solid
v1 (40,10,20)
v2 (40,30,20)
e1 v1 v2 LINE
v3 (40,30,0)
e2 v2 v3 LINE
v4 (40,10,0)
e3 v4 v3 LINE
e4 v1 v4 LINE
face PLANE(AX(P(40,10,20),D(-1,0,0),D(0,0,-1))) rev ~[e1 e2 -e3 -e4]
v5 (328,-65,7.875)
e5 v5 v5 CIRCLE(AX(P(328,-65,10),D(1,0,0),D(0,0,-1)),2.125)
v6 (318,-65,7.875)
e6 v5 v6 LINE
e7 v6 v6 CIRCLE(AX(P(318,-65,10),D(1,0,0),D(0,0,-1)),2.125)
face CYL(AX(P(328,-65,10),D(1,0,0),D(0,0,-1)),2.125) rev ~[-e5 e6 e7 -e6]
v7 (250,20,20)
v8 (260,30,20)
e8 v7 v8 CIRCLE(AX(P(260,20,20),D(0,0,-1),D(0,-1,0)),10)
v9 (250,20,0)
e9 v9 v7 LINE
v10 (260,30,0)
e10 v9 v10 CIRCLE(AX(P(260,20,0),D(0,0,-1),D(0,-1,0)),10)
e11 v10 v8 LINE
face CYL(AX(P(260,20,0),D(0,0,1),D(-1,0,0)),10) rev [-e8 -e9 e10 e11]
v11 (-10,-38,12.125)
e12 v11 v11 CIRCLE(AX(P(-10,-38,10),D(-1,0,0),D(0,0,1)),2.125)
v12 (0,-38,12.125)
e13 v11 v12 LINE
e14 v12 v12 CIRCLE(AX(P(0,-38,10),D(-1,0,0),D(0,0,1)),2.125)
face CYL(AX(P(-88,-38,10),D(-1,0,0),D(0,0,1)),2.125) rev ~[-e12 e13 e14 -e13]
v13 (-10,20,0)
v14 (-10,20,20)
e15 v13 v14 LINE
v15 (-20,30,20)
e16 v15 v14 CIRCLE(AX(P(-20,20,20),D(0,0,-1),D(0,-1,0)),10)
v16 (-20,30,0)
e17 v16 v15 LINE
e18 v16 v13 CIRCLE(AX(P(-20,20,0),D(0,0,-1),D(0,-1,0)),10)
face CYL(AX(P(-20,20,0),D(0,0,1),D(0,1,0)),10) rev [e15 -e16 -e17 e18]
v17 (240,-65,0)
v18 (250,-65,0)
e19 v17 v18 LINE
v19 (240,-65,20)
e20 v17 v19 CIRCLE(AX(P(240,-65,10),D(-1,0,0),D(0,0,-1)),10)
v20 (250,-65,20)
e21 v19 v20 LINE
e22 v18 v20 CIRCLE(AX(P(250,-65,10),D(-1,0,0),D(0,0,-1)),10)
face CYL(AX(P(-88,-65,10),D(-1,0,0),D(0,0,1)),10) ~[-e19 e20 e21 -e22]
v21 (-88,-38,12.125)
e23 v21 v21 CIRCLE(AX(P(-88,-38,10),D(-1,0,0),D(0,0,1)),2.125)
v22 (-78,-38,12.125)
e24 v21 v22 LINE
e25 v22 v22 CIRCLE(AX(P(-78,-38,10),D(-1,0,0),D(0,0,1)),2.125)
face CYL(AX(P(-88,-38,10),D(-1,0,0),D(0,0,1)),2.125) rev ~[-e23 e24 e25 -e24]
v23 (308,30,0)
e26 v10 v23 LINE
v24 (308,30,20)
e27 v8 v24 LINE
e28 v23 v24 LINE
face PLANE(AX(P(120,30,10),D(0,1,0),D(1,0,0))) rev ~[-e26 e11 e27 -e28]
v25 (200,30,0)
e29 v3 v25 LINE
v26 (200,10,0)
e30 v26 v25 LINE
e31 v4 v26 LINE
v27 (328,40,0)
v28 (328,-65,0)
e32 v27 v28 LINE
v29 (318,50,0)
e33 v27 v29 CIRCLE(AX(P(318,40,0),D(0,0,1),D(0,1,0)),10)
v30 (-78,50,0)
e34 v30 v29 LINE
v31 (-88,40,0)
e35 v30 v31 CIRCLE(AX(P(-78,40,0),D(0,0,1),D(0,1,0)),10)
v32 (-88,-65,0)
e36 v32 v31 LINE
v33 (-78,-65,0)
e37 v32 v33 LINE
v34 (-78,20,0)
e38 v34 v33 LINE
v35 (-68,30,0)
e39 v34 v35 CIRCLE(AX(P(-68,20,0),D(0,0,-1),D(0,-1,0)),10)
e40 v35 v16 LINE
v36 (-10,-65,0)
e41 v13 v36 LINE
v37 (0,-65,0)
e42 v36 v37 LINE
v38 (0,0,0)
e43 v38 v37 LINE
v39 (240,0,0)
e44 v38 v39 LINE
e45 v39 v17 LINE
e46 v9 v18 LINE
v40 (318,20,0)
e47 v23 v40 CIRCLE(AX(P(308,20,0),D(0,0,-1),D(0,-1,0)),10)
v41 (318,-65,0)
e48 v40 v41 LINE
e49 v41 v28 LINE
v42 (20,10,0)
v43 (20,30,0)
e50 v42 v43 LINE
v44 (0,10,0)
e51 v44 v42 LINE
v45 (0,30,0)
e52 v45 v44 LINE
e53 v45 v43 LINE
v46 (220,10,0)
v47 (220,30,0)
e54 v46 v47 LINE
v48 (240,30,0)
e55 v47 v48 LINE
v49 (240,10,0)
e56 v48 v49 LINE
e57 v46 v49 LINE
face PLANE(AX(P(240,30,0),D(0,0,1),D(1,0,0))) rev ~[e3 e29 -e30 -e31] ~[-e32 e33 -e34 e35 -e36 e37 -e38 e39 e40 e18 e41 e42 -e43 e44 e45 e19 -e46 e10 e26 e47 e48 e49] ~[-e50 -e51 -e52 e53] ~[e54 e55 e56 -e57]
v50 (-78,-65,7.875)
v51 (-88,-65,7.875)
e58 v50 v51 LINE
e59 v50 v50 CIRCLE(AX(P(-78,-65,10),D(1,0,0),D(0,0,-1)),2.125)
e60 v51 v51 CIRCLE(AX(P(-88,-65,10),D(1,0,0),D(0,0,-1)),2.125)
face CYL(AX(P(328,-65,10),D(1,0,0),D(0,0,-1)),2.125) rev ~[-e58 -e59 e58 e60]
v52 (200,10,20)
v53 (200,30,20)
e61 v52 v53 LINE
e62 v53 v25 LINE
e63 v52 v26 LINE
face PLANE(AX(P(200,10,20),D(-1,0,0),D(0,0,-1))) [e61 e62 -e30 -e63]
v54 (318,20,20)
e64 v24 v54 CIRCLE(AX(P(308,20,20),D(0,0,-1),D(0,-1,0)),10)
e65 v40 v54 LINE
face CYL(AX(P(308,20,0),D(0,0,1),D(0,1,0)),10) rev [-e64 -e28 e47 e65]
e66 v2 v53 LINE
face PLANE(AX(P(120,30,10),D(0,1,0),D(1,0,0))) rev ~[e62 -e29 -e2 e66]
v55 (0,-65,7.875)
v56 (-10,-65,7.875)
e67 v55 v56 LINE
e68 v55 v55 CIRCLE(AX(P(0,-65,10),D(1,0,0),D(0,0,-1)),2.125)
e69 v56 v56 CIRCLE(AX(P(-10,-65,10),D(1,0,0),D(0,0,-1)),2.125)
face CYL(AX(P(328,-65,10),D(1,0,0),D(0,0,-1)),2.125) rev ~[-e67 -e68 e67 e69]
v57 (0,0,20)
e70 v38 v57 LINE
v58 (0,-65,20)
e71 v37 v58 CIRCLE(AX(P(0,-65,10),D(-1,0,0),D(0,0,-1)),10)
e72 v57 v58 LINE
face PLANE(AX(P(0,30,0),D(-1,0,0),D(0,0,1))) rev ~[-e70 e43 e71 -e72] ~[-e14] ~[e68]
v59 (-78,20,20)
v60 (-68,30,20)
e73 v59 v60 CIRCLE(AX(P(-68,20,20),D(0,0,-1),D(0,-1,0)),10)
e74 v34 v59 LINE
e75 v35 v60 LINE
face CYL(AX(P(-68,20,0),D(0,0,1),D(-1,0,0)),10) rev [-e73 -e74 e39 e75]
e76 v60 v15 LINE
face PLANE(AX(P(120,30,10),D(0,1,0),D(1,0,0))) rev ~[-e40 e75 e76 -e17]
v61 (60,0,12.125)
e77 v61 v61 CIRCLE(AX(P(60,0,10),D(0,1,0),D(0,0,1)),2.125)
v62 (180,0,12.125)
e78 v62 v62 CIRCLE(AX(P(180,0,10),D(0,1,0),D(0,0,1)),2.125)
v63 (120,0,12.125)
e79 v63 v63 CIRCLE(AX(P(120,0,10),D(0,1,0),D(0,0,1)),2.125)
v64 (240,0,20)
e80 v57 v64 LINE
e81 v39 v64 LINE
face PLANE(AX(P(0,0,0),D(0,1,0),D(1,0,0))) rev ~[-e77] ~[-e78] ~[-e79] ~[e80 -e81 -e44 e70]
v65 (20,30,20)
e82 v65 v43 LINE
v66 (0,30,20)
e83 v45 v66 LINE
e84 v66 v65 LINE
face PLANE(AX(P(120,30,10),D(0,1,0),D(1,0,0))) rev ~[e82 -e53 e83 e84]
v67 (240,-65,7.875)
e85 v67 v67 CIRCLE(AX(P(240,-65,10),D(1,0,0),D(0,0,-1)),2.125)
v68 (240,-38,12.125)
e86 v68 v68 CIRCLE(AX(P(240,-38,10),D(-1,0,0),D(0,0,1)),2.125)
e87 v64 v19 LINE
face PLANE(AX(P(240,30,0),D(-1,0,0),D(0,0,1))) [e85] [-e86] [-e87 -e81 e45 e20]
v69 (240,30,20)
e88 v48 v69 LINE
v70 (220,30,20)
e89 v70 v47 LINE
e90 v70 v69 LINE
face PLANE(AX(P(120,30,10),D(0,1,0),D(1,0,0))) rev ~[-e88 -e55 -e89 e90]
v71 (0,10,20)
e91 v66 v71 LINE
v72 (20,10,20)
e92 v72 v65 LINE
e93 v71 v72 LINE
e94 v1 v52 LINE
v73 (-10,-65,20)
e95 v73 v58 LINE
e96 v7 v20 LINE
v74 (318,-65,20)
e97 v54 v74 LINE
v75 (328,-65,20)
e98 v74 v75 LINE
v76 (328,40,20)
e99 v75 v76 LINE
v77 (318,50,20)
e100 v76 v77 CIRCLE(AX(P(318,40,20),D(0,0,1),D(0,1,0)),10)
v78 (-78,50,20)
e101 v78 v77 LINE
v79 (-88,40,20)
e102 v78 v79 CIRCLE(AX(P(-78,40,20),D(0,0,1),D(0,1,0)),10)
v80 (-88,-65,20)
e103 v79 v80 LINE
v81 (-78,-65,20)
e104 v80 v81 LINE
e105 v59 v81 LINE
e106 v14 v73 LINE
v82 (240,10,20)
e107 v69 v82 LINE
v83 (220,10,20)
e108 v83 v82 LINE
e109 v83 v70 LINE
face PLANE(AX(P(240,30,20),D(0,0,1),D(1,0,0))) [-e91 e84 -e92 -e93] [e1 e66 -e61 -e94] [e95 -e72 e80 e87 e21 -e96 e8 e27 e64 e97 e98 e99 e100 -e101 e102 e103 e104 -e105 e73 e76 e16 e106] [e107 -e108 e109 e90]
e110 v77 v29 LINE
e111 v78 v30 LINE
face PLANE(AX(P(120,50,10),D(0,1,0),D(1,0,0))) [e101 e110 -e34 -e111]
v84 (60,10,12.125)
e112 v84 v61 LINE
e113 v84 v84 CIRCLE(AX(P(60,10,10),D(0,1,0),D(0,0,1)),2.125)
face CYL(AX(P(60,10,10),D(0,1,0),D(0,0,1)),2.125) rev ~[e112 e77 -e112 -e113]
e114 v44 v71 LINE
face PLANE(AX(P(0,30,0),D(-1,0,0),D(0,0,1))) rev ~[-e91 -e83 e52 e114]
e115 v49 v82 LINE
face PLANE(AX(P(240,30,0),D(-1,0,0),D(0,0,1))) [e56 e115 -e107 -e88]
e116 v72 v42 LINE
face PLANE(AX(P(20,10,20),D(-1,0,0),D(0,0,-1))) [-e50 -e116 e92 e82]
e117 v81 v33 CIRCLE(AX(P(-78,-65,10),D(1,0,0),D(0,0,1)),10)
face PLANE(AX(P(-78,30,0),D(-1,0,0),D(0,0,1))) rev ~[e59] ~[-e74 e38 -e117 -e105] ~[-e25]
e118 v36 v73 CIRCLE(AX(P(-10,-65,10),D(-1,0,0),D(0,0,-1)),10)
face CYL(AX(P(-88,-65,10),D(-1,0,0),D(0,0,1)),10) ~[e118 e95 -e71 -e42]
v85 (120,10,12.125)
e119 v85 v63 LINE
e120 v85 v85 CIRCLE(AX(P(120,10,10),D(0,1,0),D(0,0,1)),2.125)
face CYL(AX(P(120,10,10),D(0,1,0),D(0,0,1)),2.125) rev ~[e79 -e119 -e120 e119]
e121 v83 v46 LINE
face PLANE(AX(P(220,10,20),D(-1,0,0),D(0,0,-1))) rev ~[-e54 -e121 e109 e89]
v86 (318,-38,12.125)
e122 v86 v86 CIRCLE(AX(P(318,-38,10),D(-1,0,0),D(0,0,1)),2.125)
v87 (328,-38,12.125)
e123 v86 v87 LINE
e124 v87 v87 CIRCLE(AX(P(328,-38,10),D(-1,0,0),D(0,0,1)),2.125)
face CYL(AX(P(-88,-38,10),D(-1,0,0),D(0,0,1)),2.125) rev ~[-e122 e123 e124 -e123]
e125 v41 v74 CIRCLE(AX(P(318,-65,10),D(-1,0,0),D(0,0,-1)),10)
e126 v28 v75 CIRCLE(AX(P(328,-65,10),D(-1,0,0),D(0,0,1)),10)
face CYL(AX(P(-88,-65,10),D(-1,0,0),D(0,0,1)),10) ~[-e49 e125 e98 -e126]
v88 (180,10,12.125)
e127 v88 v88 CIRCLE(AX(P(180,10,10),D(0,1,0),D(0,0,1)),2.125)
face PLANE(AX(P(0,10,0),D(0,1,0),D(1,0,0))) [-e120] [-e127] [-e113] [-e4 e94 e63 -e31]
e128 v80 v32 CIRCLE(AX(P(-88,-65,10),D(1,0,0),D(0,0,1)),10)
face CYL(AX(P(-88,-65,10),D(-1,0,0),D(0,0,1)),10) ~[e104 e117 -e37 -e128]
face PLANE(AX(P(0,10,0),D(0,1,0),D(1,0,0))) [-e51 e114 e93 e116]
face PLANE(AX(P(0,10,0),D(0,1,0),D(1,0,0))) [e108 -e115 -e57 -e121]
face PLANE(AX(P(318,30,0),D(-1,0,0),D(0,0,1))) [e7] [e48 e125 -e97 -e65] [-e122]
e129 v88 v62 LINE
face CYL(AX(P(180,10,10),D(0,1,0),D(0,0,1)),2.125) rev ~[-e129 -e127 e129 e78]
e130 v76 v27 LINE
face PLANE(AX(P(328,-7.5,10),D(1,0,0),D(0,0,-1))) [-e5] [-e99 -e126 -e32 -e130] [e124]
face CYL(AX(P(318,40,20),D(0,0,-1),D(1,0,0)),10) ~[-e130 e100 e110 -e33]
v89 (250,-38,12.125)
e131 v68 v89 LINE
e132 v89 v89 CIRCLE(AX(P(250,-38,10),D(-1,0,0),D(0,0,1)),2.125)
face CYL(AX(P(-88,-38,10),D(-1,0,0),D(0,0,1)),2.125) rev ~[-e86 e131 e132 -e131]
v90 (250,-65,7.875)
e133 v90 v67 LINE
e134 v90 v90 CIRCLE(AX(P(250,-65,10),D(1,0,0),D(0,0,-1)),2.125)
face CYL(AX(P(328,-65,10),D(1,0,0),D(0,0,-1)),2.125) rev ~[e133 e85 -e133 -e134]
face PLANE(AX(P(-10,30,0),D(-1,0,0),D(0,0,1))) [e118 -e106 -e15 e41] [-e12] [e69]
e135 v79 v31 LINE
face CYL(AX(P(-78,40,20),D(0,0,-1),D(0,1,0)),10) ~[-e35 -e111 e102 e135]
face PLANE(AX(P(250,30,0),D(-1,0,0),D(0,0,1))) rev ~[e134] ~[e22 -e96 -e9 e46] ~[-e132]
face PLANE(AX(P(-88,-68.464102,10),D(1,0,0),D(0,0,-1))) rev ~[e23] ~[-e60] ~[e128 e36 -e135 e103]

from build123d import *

# Parameters (mm, degrees)
SKETCH2_W           = 240
SKETCH2_H           = 10
BOSS_EXTRUDE1_DEPTH = 20
SKETCH3_R           = 2.125
CUT_EXTRUDE1_DEPTH  = 20
SKETCH4_W           = 20
SKETCH4_H           = 20
BOSS_EXTRUDE2_DEPTH = 20
SKETCH5_W           = 416
SKETCH5_H           = 20
BOSS_EXTRUDE3_DEPTH = 20
SKETCH6_W           = 10
SKETCH6_H           = 20
BOSS_EXTRUDE4_DEPTH = 95
BOSS_EXTRUDE5_REACH = 423.522
SKETCH8_W           = 68
SKETCH8_H           = 10
SKETCH8_W_2         = 240
CUT_EXTRUDE2_DEPTH  = 65
CUT_EXTRUDE3_REACH  = 425.18
SKETCH9_R           = 2.125
FILLET1_R           = 10
CUT_EXTRUDE4_REACH  = 425.18
SKETCH10_R          = 2.125


with BuildPart() as part:
    # Sketch2 → Boss-Extrude1 (new body)
    with BuildSketch(Plane.XY):
        with Locations((120, 5)):
            Rectangle(SKETCH2_W, SKETCH2_H)
    extrude(amount=BOSS_EXTRUDE1_DEPTH)

    # Sketch3 → Cut-Extrude1 (cut)
    with BuildSketch(Plane(origin=(0, 10, 0), x_dir=(1, 0, 0), z_dir=(0, 1, 0))):
        with Locations(Location((60, -10, 0), (0, 0, 270))):
            Circle(SKETCH3_R)
        with Locations(Location((120, -10, 0), (0, 0, 270))):
            Circle(SKETCH3_R)
        with Locations(Location((180, -10, 0), (0, 0, 270))):
            Circle(SKETCH3_R)
    extrude(amount=-CUT_EXTRUDE1_DEPTH, mode=Mode.SUBTRACT)

    # Sketch4 → Boss-Extrude2 (add)
    with BuildSketch(Plane(origin=(0, 10, 0), x_dir=(1, 0, 0), z_dir=(0, 1, 0))):
        with Locations((30, -10)):
            Rectangle(SKETCH4_W, SKETCH4_H)
        with Locations((210, -10)):
            Rectangle(SKETCH4_W, SKETCH4_H)
    extrude(amount=BOSS_EXTRUDE2_DEPTH)

    # Sketch5 → Boss-Extrude3 (add)
    with BuildSketch(Plane(origin=(0, 30, 0), x_dir=(1, 0, 0), z_dir=(0, 1, 0))):
        with Locations((120, -10)):
            Rectangle(SKETCH5_W, SKETCH5_H)
    extrude(amount=BOSS_EXTRUDE3_DEPTH)

    # Sketch6 → Boss-Extrude4 (add)
    with BuildSketch(Plane.XZ.offset(-30)):
        with Locations((245, 10)):
            Rectangle(SKETCH6_W, SKETCH6_H)
        with Locations((-5, 10)):
            Rectangle(SKETCH6_W, SKETCH6_H)
        with Locations((323, 10)):
            Rectangle(SKETCH6_W, SKETCH6_H)
        with Locations((-83, 10)):
            Rectangle(SKETCH6_W, SKETCH6_H)
    extrude(amount=BOSS_EXTRUDE4_DEPTH)

    # Boss-Extrude5: up to this face of the body (flat: up to its plane)
    boss_extrude5_end = Plane(part.part.faces().sort_by_distance((328, -7.5, 10))[0])
    # Sketch7 → Boss-Extrude5 (add, up to the picked face)
    with BuildSketch(Plane.ZY.offset(88), mode=Mode.PRIVATE) as boss_extrude5_sk1:
        with BuildLine():
            Line((0, -65), (20, -65))
            ThreePointArc((20, -65), (10, -75), (0, -65))
        make_face()
    boss_extrude5_tool1 = split(extrude(boss_extrude5_sk1.sketch, amount=-BOSS_EXTRUDE5_REACH, mode=Mode.PRIVATE), bisect_by=boss_extrude5_end, keep=Keep.BOTH, mode=Mode.PRIVATE)
    add(boss_extrude5_tool1.solids().sort_by(Axis((-88, -69.244132, 10), (1, 0, 0)))[0])

    # Sketch8 → Cut-Extrude2 (cut)
    with BuildSketch(Plane(origin=(0, 0, 0), x_dir=(-1, 0, 0), z_dir=(0, 0, -1))):
        with Locations((-284, -70)):
            Rectangle(SKETCH8_W, SKETCH8_H)
        with Locations((-120, -70)):
            Rectangle(SKETCH8_W_2, SKETCH8_H)
        with Locations((44, -70)):
            Rectangle(SKETCH8_W, SKETCH8_H)
    extrude(amount=-CUT_EXTRUDE2_DEPTH, mode=Mode.SUBTRACT)

    # Cut-Extrude3: up to this face of the body (flat: up to its plane)
    cut_extrude3_end = Plane(part.part.faces().sort_by_distance((328, -11.447265452, 10))[0])
    # Sketch9 → Cut-Extrude3 (cut, up to the picked face)
    with BuildSketch(Plane.ZY.offset(88), mode=Mode.PRIVATE) as cut_extrude3_sk1:
        with Locations((10, -38)):
            Circle(SKETCH9_R)
    cut_extrude3_tool1 = split(extrude(cut_extrude3_sk1.sketch, amount=-CUT_EXTRUDE3_REACH, mode=Mode.PRIVATE), bisect_by=cut_extrude3_end, keep=Keep.BOTH, mode=Mode.PRIVATE)
    add(cut_extrude3_tool1.solids().sort_by(Axis((-88, -38, 10), (1, 0, 0)))[0], mode=Mode.SUBTRACT)

    # Fillet1
    fillet1_edges = [part.edges().sort_by_distance(p)[0] for p in [
        (318, 30, 10),
        (-78, 30, 10),
        (-88, 50, 10),
        (328, 50, 10),
        (250, 30, 10),
        (-10, 30, 10),
    ]]
    fillet(fillet1_edges, radius=FILLET1_R)

    # Cut-Extrude4: up to this face of the body (flat: up to its plane)
    cut_extrude4_end = Plane(part.part.faces().sort_by_distance((-88, -16.31275275, 10))[0])
    # Sketch10 → Cut-Extrude4 (cut, up to the picked face)
    with BuildSketch(Plane(origin=(328, 0, 0), x_dir=(0, 0, -1), z_dir=(1, 0, 0)), mode=Mode.PRIVATE) as cut_extrude4_sk1:
        with Locations((-10, -65)):
            Circle(SKETCH10_R)
    cut_extrude4_tool1 = split(extrude(cut_extrude4_sk1.sketch, amount=-CUT_EXTRUDE4_REACH, mode=Mode.PRIVATE), bisect_by=cut_extrude4_end, keep=Keep.BOTH, mode=Mode.PRIVATE)
    add(cut_extrude4_tool1.solids().sort_by(Axis((328, -65, 10), (-1, 0, 0)))[0], mode=Mode.SUBTRACT)


solid = part.part
